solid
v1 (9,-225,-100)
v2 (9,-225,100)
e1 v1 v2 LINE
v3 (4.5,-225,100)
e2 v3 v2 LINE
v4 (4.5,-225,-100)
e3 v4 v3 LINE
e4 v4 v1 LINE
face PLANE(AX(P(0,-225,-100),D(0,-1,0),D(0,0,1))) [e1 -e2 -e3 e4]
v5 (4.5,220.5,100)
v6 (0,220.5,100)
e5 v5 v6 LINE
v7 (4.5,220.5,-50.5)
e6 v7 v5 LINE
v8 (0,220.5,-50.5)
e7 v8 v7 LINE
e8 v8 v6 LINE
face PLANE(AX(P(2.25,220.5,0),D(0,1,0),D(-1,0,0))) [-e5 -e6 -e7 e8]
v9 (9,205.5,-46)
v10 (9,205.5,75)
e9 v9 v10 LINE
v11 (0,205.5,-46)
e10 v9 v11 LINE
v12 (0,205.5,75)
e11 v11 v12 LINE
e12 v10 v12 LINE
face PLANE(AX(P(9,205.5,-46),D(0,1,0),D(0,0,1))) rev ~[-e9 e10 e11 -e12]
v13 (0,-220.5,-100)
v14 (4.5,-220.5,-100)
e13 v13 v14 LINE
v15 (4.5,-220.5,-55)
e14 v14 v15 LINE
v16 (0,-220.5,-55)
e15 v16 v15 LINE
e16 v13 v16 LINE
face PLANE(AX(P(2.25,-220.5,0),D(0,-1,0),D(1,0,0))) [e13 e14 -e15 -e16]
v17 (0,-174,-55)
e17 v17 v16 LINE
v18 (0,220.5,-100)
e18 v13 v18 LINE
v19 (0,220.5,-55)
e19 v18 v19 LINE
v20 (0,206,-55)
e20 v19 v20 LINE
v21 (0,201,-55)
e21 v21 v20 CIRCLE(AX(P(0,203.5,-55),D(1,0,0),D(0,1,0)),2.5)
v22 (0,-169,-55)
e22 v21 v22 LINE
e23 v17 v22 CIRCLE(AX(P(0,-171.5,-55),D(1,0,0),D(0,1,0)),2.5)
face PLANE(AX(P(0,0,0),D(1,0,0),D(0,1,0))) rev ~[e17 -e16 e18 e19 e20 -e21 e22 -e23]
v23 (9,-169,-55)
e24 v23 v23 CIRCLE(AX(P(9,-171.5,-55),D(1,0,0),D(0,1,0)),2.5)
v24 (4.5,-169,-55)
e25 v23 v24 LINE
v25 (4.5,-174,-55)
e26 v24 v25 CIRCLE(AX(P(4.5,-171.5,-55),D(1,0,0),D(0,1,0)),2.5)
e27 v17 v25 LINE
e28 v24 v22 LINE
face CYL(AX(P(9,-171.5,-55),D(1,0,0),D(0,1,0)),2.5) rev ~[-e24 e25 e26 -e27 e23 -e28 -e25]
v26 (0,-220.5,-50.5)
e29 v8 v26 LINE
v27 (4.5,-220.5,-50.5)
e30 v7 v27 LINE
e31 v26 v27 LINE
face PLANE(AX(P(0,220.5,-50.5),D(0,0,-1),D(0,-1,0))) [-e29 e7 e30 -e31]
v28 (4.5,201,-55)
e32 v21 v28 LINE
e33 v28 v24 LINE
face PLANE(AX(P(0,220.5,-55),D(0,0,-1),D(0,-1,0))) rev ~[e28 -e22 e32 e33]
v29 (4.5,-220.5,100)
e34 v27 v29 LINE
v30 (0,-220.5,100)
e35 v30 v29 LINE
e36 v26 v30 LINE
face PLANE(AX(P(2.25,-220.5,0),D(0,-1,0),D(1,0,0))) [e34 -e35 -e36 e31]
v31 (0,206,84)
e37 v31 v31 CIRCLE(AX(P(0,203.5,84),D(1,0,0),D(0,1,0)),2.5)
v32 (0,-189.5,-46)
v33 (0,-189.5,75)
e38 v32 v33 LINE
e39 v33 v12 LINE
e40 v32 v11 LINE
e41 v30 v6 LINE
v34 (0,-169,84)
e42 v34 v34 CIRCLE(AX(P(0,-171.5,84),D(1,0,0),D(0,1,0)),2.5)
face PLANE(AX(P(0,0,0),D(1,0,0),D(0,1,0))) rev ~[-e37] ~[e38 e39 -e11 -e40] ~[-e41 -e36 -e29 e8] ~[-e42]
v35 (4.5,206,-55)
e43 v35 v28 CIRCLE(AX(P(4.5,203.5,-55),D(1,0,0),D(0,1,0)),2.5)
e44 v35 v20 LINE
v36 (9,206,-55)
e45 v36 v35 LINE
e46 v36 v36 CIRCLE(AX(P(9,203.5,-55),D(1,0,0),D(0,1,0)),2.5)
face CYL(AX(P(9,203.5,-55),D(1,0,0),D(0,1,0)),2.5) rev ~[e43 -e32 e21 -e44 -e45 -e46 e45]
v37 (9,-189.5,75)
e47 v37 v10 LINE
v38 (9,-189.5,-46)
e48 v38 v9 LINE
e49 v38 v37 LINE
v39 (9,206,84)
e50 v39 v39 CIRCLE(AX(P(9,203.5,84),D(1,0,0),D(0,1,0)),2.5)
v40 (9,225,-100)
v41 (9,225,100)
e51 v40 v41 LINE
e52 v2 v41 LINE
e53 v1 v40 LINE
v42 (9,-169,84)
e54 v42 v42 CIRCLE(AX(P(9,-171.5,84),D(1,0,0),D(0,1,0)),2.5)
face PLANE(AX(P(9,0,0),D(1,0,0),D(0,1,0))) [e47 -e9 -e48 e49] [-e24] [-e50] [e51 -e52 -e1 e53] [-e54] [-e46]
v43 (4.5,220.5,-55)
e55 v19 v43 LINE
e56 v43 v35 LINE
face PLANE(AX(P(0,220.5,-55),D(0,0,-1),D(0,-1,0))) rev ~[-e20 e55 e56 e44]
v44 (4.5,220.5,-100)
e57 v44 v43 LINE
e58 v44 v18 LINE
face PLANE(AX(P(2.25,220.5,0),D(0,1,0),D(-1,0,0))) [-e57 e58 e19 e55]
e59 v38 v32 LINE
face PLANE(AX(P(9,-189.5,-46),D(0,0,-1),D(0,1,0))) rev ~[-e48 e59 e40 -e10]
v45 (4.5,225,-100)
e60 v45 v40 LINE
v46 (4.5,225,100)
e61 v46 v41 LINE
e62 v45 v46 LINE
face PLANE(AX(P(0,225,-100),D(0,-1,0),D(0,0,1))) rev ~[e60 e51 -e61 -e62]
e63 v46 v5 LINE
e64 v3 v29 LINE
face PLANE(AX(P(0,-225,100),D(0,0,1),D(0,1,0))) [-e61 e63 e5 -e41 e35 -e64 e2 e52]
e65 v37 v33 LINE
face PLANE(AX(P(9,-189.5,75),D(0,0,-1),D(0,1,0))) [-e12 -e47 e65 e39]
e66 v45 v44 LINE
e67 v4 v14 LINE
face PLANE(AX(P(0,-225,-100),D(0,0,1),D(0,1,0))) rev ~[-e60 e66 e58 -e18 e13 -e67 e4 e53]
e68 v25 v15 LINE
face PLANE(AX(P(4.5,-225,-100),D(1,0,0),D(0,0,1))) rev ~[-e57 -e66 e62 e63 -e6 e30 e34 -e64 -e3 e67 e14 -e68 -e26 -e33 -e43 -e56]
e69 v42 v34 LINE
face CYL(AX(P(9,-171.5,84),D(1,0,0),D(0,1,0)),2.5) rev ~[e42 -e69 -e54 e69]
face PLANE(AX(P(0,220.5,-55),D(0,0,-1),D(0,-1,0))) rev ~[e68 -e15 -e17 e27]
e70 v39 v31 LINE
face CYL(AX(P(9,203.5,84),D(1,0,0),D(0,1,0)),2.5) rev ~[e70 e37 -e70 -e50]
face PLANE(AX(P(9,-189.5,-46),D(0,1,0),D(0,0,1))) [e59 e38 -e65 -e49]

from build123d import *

# Parameters (mm, degrees)
F0_W      = 450
F0_H      = 200
F1_DEPTH  = 9
F2_W      = 4.5
F2_H      = 200
F3_DEPTH  = 4.5
F4_W      = 4.5
F4_H      = 200
F5_DEPTH  = 4.5
F6_W      = 441
F6_H      = 4.5
F7_DEPTH  = 4.5
F8_W      = 395
F8_H      = 121
F9_DEPTH  = 9
F10_R     = 2.5
F11_DEPTH = 9


with BuildPart() as f1:
    # F0 (on Right) → F1 (new body)
    with BuildSketch(Plane.YZ):
        Rectangle(F0_W, F0_H)
    extrude(amount=F1_DEPTH)

    # F2 (on face) → F3 (cut)
    with BuildSketch(Plane.XZ.offset(225)):
        with Locations((2.25, 0)):
            Rectangle(F2_W, F2_H)
    extrude(amount=-F3_DEPTH, mode=Mode.SUBTRACT)

    # F4 (on face) → F5 (cut)
    with BuildSketch(Plane(origin=(0, 225, 0), x_dir=(-1, 0, 0), z_dir=(0, 1, 0))):
        with Locations((-2.25, 0)):
            Rectangle(F4_W, F4_H)
    extrude(amount=-F5_DEPTH, mode=Mode.SUBTRACT)

    # F6 (on face) → F7 (cut)
    with BuildSketch(Plane(origin=(0, 0, 0), x_dir=(0, -1, 0), z_dir=(-1, 0, 0))):
        with Locations((0, -52.75)):
            Rectangle(F6_W, F6_H)
    extrude(amount=-F7_DEPTH, mode=Mode.SUBTRACT)

    # F8 (on face) → F9 (cut, through all)
    with BuildSketch(Plane.YZ.offset(9)):
        with Locations((8, 14.5)):
            Rectangle(F8_W, F8_H)
    extrude(amount=-F9_DEPTH, mode=Mode.SUBTRACT)

    # F10 (on face) → F11 (cut, through all)
    with BuildSketch(Plane.YZ.offset(9)):
        with Locations((203.5, 84)):
            Circle(F10_R)
        with Locations((-171.5, 84)):
            Circle(F10_R)
        with Locations((-171.5, -55)):
            Circle(F10_R)
        with Locations((203.5, -55)):
            Circle(F10_R)
    extrude(amount=-F11_DEPTH, mode=Mode.SUBTRACT)


solid = f1.part
